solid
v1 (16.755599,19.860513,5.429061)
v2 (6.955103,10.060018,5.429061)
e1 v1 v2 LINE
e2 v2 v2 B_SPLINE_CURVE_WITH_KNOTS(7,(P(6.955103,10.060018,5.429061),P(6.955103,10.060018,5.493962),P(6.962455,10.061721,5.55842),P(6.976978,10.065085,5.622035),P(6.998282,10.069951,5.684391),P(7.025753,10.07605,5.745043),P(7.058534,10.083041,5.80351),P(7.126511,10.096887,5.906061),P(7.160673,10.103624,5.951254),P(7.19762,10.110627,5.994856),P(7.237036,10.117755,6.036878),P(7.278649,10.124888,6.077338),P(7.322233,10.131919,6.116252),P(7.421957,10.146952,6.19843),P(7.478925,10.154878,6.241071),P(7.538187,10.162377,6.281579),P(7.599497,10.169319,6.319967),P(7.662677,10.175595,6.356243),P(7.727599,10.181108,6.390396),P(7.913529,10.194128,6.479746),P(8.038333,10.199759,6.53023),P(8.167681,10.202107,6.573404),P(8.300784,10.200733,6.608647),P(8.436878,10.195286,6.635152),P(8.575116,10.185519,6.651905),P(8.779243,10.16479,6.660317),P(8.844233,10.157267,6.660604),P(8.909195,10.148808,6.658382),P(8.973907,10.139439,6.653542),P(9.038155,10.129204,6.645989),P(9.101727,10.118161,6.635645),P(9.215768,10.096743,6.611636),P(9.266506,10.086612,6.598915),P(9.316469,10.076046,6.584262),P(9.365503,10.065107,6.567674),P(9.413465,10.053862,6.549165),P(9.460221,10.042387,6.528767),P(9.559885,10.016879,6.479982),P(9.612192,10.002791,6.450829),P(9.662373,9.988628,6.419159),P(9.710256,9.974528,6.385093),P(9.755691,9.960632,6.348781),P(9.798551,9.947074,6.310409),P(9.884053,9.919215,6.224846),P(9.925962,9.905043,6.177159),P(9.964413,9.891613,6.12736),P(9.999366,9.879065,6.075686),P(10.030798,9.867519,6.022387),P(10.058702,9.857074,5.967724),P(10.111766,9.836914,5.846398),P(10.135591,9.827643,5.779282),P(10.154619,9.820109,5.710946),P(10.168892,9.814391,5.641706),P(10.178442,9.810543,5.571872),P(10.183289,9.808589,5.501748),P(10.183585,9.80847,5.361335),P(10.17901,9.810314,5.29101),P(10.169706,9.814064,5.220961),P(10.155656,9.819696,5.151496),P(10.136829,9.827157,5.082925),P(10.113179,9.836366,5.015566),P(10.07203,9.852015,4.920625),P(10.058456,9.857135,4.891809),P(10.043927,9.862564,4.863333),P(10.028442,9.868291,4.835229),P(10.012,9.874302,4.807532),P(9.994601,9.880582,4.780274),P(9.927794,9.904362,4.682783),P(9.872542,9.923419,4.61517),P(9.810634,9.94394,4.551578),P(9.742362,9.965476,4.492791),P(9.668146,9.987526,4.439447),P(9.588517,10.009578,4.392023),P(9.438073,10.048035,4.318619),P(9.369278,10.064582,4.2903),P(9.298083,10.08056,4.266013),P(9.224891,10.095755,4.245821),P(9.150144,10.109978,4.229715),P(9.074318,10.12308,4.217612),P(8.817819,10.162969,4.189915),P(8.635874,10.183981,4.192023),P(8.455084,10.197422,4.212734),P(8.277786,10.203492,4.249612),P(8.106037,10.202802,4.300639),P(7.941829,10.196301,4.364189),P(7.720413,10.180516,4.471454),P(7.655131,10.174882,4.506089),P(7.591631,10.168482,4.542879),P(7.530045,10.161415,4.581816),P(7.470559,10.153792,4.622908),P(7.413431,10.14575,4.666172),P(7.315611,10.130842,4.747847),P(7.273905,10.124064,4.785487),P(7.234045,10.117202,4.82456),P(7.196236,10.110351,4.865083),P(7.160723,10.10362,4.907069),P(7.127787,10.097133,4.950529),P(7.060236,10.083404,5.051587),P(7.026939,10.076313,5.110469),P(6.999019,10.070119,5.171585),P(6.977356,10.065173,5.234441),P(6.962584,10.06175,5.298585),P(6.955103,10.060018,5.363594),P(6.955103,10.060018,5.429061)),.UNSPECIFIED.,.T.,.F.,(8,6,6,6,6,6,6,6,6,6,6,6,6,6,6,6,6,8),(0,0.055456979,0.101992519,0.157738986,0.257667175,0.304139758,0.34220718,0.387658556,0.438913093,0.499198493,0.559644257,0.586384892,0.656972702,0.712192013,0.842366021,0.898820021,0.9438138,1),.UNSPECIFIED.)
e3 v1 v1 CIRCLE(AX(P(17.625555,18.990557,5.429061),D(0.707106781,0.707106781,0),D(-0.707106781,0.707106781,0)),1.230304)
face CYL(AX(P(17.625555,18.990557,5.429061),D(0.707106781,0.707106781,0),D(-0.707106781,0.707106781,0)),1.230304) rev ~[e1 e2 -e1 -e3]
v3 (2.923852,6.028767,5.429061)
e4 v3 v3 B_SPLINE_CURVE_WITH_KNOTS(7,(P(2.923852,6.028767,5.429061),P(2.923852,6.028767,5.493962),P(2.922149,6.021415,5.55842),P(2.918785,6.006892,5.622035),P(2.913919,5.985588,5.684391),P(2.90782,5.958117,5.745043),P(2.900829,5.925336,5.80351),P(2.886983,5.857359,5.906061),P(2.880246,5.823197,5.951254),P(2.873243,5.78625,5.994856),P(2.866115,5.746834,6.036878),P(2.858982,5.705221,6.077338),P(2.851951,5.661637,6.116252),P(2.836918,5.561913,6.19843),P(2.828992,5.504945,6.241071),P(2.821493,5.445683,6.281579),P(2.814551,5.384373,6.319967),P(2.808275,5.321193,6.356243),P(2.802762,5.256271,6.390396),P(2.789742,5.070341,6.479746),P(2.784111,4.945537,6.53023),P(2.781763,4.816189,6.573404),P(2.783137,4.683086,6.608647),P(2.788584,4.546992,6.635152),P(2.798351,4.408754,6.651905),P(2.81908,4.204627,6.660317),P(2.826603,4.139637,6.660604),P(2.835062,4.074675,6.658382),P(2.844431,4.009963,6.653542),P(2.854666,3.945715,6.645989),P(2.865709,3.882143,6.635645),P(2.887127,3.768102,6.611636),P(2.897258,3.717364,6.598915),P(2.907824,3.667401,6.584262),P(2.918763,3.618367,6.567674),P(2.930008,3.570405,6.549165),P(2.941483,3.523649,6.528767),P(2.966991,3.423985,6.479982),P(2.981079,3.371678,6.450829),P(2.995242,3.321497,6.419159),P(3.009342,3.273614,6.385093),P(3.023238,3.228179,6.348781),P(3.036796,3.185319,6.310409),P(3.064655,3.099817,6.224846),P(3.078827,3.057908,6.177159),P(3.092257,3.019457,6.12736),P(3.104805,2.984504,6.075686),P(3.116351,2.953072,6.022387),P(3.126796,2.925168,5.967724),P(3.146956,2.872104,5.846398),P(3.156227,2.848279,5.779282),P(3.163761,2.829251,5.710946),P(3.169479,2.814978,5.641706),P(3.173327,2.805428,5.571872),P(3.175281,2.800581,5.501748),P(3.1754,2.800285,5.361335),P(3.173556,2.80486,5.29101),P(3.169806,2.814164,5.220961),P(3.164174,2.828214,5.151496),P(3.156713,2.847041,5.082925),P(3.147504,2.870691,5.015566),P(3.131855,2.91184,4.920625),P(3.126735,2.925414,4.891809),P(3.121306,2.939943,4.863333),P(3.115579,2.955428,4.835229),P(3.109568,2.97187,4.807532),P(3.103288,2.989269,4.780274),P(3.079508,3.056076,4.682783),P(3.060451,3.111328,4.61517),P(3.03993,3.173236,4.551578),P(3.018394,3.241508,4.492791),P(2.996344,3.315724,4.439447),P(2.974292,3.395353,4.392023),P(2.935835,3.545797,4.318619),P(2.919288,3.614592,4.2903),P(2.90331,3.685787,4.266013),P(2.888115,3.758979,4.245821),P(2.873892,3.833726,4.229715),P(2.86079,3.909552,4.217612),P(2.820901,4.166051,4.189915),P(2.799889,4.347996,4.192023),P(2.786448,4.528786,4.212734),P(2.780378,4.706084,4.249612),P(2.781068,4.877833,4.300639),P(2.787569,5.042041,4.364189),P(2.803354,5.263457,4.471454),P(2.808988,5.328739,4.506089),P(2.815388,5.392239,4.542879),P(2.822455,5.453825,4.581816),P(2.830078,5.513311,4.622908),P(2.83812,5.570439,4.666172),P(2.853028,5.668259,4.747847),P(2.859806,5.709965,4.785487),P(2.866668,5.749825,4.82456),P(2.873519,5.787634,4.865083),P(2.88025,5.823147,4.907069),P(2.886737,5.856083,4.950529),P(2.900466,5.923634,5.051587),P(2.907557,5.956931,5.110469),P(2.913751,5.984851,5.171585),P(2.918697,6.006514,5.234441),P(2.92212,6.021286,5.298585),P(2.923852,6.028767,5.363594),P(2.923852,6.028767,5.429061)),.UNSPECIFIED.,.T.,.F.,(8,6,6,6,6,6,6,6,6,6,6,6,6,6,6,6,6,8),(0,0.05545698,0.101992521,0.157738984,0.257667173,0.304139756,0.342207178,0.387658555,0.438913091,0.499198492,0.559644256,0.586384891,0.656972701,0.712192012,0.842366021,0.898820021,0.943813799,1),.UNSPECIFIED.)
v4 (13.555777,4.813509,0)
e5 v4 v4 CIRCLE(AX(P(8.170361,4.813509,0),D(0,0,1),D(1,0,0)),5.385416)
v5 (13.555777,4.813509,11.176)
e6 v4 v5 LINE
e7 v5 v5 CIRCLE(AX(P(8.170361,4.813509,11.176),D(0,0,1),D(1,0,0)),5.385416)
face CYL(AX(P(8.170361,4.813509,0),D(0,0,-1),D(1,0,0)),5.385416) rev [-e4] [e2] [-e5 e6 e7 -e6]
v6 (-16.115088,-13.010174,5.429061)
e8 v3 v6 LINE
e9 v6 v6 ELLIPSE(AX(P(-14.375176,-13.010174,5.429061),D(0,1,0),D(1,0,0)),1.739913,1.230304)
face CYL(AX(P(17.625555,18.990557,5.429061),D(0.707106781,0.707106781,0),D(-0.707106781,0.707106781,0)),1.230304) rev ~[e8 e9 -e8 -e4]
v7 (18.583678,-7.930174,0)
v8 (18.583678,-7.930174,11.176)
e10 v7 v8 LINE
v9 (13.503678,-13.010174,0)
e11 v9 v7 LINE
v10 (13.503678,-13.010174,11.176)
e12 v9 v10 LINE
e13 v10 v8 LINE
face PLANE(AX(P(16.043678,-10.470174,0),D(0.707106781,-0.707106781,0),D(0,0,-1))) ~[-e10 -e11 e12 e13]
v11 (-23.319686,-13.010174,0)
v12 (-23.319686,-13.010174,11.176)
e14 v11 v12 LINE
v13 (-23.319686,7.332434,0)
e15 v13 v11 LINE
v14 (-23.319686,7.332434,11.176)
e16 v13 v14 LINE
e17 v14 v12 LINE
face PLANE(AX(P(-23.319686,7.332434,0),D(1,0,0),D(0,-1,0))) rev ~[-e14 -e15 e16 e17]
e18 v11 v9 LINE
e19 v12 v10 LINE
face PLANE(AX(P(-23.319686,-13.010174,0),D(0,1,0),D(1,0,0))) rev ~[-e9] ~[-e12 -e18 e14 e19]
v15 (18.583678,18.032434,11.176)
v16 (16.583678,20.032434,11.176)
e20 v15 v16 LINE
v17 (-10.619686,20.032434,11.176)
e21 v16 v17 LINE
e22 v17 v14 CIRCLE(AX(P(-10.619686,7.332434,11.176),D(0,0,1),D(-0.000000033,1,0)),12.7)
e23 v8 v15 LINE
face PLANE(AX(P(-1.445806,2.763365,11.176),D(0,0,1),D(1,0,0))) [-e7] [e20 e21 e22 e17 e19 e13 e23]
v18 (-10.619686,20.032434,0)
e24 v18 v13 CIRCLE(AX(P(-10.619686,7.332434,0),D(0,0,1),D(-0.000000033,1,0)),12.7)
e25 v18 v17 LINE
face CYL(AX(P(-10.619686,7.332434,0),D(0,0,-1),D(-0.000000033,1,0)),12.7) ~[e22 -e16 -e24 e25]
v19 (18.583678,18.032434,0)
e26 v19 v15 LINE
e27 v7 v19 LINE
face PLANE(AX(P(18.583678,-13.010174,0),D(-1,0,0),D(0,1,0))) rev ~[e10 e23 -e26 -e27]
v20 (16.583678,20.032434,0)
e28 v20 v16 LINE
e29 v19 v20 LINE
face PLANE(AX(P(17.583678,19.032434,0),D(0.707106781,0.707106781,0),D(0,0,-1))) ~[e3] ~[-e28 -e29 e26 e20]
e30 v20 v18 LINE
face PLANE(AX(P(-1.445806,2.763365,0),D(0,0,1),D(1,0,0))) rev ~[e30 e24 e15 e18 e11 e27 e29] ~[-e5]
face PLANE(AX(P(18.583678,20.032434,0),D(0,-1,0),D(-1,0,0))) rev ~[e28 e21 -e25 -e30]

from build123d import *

# Parameters (mm, degrees)
F0_R     = 5.385416
F1_DEPTH = 11.176
F2_SIZE  = 5.08
F3_SIZE  = 2
F4_R     = 1.230304
F5_DEPTH = 64.516


with BuildPart() as f1:
    # F0 (on Top) → F1 (new body)
    with BuildSketch(Plane.XY):
        with BuildLine():
            Line((-23.319686, 7.332434), (-23.319686, -13.010174))
            Line((-23.319686, -13.010174), (18.583678, -13.010174))
            Line((18.583678, -13.010174), (18.583678, 20.032434))
            Line((18.583678, 20.032434), (-10.619686, 20.032434))
            ThreePointArc((-10.619686, 20.032434), (-19.599942, 16.31269), (-23.319686, 7.332434))
        make_face()
        with Locations((8.170361, 4.813509)):
            Circle(F0_R, mode=Mode.SUBTRACT)
    extrude(amount=F1_DEPTH)

    # F2
    f2_edges = [f1.edges().sort_by_distance(p)[0] for p in [
        (18.583678, -13.010174, 5.588),
    ]]
    chamfer(f2_edges, length=F2_SIZE)

    # F3
    f3_edges = [f1.edges().sort_by_distance(p)[0] for p in [
        (18.583678, 20.032434, 5.588),
    ]]
    chamfer(f3_edges, length=F3_SIZE)

    # F4 (on face) → F5 (cut)
    with BuildSketch(Plane(origin=(18.308056, 18.308056, 0), x_dir=(-0.707107, 0.707107, 0), z_dir=(0.707107, 0.707107, 0))):
        with Locations((0.965202, 5.429061)):
            Circle(F4_R)
    extrude(amount=-F5_DEPTH, mode=Mode.SUBTRACT)


solid = f1.part
